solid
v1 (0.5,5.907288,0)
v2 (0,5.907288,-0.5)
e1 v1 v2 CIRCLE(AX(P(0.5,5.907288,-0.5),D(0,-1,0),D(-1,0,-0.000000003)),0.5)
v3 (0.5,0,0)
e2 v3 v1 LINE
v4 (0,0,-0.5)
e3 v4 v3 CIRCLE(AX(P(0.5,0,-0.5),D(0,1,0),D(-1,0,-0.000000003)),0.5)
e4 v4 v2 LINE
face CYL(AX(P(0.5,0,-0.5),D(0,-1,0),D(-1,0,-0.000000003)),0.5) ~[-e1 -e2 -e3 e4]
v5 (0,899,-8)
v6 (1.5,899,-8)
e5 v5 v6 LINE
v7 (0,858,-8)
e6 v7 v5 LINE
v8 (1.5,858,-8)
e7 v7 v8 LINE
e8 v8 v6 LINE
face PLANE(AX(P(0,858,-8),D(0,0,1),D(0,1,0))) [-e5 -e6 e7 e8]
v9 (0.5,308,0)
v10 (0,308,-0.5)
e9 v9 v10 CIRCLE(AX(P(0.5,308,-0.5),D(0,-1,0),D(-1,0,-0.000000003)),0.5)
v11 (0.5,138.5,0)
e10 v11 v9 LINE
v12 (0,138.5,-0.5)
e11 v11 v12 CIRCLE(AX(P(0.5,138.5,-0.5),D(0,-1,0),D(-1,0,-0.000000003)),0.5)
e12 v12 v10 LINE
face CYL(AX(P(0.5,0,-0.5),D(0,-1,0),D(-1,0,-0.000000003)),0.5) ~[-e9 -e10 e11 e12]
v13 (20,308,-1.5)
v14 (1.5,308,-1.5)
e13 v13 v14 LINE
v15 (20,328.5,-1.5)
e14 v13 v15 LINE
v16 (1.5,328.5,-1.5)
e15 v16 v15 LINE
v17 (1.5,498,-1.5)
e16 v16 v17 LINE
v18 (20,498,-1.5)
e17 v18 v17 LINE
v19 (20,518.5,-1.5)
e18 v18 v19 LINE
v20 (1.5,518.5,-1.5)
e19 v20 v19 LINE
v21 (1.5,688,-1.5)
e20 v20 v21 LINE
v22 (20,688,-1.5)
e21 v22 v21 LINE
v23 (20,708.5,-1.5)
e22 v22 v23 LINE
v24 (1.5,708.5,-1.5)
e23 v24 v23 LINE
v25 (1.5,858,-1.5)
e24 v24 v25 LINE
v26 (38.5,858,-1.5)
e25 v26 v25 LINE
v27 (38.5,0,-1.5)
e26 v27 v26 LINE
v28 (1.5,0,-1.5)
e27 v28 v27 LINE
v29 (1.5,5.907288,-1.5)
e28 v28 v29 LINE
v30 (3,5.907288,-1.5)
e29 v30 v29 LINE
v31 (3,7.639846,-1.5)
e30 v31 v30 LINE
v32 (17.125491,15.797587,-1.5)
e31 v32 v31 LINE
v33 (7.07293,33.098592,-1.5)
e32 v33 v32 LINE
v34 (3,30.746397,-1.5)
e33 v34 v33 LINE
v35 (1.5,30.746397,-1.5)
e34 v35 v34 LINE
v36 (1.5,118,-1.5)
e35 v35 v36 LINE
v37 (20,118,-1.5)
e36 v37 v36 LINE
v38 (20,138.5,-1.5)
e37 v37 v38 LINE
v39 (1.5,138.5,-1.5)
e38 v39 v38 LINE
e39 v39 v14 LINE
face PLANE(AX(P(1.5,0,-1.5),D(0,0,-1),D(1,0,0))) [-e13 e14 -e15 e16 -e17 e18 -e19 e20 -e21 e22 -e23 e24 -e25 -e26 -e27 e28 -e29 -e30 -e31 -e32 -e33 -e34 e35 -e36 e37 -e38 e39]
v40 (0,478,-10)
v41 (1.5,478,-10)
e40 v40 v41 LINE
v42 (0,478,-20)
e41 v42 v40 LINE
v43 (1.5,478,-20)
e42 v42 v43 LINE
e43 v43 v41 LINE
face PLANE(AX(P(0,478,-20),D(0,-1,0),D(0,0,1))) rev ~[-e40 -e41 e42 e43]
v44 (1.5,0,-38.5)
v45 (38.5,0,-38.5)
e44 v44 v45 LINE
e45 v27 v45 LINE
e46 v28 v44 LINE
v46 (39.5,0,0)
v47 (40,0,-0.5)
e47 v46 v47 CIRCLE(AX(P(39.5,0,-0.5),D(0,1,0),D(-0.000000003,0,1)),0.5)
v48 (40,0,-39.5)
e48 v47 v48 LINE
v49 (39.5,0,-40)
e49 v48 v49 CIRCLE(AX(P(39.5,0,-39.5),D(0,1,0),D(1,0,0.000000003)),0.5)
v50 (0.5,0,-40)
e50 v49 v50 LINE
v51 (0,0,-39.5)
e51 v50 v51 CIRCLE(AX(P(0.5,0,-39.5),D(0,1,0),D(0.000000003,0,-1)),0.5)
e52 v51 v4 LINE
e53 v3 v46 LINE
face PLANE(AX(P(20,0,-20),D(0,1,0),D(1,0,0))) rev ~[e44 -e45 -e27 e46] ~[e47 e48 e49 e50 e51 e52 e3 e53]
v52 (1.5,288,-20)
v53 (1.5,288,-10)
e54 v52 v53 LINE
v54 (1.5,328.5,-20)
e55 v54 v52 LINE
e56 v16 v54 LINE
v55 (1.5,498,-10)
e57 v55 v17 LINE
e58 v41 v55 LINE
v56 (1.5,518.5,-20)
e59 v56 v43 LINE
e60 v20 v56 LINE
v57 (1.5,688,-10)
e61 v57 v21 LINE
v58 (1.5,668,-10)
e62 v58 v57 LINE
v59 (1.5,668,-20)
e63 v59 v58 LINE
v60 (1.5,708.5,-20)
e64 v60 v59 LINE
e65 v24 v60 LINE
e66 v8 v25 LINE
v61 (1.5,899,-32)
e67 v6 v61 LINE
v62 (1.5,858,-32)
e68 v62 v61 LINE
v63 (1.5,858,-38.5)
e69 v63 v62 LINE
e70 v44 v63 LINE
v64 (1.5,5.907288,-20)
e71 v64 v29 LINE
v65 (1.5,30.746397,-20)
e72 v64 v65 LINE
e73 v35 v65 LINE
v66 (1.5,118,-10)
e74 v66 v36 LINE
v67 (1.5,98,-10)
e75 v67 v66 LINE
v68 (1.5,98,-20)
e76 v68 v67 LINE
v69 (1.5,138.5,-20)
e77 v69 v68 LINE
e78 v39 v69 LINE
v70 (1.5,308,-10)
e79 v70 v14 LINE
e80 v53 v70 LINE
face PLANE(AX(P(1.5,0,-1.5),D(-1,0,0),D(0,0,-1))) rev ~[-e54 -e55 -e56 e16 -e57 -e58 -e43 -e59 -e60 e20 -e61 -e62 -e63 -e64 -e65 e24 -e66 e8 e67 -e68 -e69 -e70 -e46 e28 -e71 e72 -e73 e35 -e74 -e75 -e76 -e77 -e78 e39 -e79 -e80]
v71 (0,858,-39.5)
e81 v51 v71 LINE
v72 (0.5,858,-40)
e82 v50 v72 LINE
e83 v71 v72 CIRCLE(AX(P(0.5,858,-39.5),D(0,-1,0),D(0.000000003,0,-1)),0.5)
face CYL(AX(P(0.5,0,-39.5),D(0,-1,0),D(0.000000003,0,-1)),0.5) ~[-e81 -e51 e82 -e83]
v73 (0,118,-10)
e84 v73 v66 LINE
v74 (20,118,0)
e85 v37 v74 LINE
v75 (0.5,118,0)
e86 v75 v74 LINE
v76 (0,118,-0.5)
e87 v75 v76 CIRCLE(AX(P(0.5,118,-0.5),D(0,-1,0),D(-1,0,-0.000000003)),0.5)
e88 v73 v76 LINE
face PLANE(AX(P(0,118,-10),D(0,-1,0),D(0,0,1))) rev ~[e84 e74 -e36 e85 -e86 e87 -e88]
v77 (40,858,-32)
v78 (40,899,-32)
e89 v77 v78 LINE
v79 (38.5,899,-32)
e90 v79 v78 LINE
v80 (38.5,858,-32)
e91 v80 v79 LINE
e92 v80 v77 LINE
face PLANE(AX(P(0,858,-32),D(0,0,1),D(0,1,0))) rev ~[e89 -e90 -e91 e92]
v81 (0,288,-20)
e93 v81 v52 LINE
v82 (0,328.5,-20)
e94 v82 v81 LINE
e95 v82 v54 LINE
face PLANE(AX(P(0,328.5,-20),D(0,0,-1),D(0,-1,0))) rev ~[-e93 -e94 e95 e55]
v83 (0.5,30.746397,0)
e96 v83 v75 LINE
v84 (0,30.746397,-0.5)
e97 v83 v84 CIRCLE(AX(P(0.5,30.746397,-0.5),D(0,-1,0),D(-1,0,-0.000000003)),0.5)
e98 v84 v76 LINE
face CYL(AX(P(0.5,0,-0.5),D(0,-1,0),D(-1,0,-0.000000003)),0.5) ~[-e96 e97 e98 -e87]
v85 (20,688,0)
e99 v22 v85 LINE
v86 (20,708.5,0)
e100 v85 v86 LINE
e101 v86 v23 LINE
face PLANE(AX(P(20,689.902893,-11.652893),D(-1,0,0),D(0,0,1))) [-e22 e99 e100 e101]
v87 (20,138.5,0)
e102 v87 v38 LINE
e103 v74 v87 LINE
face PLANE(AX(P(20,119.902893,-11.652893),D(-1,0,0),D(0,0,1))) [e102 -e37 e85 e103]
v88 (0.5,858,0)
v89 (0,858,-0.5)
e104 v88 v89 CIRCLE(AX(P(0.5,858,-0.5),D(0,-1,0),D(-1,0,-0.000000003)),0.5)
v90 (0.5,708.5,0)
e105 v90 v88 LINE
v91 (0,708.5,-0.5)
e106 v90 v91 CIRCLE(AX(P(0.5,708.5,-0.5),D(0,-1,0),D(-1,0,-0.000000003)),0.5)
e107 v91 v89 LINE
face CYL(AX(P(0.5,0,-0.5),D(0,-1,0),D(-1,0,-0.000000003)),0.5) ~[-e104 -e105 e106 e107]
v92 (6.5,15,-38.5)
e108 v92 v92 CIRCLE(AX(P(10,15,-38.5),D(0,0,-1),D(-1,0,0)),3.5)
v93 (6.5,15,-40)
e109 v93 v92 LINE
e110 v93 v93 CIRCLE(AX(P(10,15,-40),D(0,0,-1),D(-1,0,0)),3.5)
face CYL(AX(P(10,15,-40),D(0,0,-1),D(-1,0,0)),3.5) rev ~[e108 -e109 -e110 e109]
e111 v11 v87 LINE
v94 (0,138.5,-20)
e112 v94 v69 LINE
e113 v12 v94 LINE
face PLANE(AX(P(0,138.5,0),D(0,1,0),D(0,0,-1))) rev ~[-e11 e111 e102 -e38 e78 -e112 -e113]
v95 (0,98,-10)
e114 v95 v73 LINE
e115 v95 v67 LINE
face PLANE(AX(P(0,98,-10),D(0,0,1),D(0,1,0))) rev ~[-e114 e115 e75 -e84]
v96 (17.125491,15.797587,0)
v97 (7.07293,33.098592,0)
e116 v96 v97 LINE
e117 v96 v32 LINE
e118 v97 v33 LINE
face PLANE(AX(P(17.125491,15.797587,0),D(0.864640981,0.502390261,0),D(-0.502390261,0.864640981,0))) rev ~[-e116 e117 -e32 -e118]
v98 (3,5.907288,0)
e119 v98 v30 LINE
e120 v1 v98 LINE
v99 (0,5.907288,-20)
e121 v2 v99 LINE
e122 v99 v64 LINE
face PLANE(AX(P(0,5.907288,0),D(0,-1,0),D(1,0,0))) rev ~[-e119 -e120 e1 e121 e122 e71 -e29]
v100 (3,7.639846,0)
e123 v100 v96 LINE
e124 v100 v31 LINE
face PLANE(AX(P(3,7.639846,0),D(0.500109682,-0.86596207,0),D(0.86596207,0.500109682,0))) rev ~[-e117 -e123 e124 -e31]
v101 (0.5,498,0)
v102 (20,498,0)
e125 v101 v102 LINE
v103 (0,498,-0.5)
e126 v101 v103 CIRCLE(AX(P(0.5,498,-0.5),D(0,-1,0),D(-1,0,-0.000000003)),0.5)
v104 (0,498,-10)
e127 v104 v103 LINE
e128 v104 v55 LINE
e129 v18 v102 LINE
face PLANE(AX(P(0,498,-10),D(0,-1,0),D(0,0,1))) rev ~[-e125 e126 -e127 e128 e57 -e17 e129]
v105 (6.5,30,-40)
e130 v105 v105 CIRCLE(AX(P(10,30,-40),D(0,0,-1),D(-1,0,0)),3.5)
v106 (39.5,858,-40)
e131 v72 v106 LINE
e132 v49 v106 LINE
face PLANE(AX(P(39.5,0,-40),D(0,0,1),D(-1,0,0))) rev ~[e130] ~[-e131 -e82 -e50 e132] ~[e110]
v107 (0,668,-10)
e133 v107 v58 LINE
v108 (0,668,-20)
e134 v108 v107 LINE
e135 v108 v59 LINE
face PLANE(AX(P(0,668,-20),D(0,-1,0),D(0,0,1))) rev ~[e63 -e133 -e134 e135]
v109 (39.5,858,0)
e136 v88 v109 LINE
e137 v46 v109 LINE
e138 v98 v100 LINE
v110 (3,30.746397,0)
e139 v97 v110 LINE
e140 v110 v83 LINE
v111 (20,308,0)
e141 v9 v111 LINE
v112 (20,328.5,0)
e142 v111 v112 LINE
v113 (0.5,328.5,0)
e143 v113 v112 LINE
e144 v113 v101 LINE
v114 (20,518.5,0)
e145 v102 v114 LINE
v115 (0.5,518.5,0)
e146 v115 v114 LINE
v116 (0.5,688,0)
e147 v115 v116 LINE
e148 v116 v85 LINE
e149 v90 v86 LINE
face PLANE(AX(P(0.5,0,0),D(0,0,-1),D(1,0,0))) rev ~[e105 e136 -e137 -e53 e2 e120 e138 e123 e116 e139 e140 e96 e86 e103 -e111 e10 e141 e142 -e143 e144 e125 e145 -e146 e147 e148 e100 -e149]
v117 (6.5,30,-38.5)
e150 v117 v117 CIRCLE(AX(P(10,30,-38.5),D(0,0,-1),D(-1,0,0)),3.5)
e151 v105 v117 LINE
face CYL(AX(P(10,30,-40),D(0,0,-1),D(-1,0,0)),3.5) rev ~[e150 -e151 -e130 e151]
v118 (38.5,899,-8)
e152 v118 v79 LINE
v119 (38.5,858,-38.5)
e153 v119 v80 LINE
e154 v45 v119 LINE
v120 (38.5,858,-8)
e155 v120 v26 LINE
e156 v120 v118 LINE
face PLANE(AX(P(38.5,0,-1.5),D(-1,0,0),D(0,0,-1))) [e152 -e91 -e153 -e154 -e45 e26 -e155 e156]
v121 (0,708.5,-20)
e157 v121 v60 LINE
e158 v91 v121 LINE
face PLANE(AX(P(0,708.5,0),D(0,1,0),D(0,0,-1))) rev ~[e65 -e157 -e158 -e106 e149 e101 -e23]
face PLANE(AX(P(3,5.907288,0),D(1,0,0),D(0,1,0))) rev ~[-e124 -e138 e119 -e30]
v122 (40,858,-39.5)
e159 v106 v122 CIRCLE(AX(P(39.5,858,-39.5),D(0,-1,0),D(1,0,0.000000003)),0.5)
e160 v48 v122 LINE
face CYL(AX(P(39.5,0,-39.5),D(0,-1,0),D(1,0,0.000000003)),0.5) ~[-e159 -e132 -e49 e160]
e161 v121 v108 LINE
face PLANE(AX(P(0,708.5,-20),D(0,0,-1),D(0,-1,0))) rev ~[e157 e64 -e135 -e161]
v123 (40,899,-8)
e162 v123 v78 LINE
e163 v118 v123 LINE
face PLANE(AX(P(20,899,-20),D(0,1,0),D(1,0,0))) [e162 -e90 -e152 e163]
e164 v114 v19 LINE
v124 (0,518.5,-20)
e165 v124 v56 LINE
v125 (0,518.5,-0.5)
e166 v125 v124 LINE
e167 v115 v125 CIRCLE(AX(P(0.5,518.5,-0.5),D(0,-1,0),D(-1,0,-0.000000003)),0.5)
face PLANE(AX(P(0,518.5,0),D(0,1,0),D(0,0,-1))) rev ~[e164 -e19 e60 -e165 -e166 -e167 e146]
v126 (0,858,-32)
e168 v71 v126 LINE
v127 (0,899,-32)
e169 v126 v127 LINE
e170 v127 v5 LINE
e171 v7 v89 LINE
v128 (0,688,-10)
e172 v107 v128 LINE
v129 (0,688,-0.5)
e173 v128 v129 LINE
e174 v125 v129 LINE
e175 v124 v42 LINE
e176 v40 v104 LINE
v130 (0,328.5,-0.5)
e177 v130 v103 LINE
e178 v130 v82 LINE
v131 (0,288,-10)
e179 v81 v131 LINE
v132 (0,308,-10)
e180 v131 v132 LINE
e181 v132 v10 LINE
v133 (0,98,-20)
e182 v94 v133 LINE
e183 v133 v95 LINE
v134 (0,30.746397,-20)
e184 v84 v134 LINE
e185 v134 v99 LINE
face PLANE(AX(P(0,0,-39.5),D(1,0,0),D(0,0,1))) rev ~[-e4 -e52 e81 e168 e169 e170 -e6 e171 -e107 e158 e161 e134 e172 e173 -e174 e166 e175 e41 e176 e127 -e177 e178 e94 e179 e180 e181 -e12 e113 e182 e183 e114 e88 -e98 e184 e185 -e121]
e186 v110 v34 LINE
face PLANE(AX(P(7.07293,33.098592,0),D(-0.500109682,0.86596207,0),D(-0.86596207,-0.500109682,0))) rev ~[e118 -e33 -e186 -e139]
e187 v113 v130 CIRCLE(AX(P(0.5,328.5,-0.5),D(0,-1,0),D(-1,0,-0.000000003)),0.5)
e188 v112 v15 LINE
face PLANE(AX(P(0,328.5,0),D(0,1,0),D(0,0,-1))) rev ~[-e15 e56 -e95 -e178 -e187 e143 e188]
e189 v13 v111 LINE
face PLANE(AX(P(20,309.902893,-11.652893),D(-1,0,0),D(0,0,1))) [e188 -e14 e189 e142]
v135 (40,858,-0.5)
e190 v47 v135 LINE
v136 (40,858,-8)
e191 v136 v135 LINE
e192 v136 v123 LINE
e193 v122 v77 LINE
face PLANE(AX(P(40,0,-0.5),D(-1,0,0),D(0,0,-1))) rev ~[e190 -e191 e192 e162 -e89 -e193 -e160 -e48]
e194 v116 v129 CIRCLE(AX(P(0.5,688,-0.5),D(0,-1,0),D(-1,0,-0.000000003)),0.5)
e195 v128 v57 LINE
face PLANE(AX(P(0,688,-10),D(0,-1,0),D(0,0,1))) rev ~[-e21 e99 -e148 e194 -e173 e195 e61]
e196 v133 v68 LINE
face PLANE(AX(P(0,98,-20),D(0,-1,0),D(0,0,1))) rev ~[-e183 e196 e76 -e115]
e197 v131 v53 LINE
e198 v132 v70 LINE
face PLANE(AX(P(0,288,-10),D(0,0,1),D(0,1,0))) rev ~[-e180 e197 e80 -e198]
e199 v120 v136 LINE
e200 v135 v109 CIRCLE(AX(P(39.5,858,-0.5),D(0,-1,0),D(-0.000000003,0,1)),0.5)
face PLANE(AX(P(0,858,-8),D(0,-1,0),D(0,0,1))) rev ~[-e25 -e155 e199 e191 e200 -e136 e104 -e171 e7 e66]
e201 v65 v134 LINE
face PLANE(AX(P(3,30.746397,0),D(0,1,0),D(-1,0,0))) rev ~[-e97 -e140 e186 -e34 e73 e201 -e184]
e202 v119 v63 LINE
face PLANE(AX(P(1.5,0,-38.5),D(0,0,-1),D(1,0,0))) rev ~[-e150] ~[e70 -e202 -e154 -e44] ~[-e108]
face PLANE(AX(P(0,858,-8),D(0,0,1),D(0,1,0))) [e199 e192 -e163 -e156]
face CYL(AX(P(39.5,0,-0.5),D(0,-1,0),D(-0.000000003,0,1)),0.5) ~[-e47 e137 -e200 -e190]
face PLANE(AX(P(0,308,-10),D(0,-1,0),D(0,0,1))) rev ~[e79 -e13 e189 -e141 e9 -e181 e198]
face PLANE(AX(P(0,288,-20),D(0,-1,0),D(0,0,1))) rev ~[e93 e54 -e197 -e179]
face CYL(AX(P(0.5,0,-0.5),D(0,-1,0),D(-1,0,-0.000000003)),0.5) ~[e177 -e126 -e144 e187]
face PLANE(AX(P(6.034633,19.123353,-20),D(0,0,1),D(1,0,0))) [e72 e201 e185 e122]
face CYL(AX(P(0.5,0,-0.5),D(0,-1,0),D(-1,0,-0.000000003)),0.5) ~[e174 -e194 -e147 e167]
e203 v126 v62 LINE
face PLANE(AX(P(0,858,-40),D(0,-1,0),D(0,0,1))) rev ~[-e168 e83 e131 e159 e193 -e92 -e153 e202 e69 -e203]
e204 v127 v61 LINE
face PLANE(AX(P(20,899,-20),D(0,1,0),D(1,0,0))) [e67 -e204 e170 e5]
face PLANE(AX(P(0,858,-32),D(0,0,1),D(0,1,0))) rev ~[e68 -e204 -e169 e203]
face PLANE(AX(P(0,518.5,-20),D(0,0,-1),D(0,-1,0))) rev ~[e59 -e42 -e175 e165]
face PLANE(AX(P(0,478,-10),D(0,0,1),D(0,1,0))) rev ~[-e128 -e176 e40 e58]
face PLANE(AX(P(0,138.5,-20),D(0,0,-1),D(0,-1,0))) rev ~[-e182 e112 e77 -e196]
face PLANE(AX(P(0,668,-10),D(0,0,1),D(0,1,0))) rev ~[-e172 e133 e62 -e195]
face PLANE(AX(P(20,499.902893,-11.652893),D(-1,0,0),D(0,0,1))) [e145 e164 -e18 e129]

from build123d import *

# Parameters (mm, degrees)
SKETCH1_W           = 37
SKETCH1_H           = 37
BOSS_EXTRUDE1_DEPTH = 899
CUT_EXTRUDE2_DEPTH  = 20
SKETCH4_W           = 8
SKETCH4_H           = 41
CUT_EXTRUDE3_DEPTH  = 901.777997067
SKETCH5_R           = 3.5
CUT_EXTRUDE4_DEPTH  = 10
CUT_EXTRUDE5_DEPTH  = 20


with BuildPart() as part:
    # Sketch1 → Boss-Extrude1 (new body)
    with BuildSketch(Plane(origin=(0, 0, 0), x_dir=(1, 0, 0), z_dir=(0, 1, 0))):
        with BuildLine():
            Line((0.5, 0), (39.5, 0))
            ThreePointArc((39.5, 0), (39.853553391, 0.146446609), (40, 0.5))
            Line((40, 0.5), (40, 39.5))
            ThreePointArc((40, 39.5), (39.853553391, 39.853553391), (39.5, 40))
            Line((39.5, 40), (0.5, 40))
            ThreePointArc((0.5, 40), (0.146446609, 39.853553391), (0, 39.5))
            Line((0, 39.5), (0, 0.5))
            ThreePointArc((0, 0.5), (0.146446609, 0.146446609), (0.5, 0))
        make_face()
        with Locations((20, 20)):
            Rectangle(SKETCH1_W, SKETCH1_H, mode=Mode.SUBTRACT)
    extrude(amount=BOSS_EXTRUDE1_DEPTH)

    # Sketch3 → Cut-Extrude2 (cut)
    with BuildSketch(Plane.XY):
        Polygon((0, 29.014346333), (0, 5.907288086), (3, 5.907288086), (3, 7.639845548), (17.125490967, 15.797587142), (7.072929751, 33.098592085), (3, 30.74639714), (0, 30.74639714), align=None)
    extrude(amount=-CUT_EXTRUDE2_DEPTH, mode=Mode.SUBTRACT)

    # Sketch4 → Cut-Extrude3 (cut, through all)
    with BuildSketch(Plane.ZY):
        with Locations((-4, 878.5)):
            Rectangle(SKETCH4_W, SKETCH4_H)
        with Locations((-36, 878.5)):
            Rectangle(SKETCH4_W, SKETCH4_H)
    extrude(amount=-CUT_EXTRUDE3_DEPTH, mode=Mode.SUBTRACT)

    # Sketch5 → Cut-Extrude4 (cut)
    with BuildSketch(Plane(origin=(0, 0, -40), x_dir=(-1, 0, 0), z_dir=(0, 0, -1))):
        with Locations((-10, 30)):
            Circle(SKETCH5_R)
        with Locations((-10, 15)):
            Circle(SKETCH5_R)
    extrude(amount=-CUT_EXTRUDE4_DEPTH, mode=Mode.SUBTRACT)

    # Sketch6 → Cut-Extrude5 (cut)
    with BuildSketch(Plane.ZY):
        Polygon((0, 708.5), (-20, 708.5), (-20, 668), (-10, 668), (-10, 688), (0, 688), align=None)
        Polygon((0, 518.5), (-20, 518.5), (-20, 478), (-10, 478), (-10, 498), (0, 498), align=None)
        Polygon((0, 328.5), (-20, 328.5), (-20, 288), (-10, 288), (-10, 308), (0, 308), align=None)
        Polygon((0, 138.5), (-20, 138.5), (-20, 98), (-10, 98), (-10, 118), (0, 118), align=None)
    extrude(amount=-CUT_EXTRUDE5_DEPTH, mode=Mode.SUBTRACT)


solid = part.part
